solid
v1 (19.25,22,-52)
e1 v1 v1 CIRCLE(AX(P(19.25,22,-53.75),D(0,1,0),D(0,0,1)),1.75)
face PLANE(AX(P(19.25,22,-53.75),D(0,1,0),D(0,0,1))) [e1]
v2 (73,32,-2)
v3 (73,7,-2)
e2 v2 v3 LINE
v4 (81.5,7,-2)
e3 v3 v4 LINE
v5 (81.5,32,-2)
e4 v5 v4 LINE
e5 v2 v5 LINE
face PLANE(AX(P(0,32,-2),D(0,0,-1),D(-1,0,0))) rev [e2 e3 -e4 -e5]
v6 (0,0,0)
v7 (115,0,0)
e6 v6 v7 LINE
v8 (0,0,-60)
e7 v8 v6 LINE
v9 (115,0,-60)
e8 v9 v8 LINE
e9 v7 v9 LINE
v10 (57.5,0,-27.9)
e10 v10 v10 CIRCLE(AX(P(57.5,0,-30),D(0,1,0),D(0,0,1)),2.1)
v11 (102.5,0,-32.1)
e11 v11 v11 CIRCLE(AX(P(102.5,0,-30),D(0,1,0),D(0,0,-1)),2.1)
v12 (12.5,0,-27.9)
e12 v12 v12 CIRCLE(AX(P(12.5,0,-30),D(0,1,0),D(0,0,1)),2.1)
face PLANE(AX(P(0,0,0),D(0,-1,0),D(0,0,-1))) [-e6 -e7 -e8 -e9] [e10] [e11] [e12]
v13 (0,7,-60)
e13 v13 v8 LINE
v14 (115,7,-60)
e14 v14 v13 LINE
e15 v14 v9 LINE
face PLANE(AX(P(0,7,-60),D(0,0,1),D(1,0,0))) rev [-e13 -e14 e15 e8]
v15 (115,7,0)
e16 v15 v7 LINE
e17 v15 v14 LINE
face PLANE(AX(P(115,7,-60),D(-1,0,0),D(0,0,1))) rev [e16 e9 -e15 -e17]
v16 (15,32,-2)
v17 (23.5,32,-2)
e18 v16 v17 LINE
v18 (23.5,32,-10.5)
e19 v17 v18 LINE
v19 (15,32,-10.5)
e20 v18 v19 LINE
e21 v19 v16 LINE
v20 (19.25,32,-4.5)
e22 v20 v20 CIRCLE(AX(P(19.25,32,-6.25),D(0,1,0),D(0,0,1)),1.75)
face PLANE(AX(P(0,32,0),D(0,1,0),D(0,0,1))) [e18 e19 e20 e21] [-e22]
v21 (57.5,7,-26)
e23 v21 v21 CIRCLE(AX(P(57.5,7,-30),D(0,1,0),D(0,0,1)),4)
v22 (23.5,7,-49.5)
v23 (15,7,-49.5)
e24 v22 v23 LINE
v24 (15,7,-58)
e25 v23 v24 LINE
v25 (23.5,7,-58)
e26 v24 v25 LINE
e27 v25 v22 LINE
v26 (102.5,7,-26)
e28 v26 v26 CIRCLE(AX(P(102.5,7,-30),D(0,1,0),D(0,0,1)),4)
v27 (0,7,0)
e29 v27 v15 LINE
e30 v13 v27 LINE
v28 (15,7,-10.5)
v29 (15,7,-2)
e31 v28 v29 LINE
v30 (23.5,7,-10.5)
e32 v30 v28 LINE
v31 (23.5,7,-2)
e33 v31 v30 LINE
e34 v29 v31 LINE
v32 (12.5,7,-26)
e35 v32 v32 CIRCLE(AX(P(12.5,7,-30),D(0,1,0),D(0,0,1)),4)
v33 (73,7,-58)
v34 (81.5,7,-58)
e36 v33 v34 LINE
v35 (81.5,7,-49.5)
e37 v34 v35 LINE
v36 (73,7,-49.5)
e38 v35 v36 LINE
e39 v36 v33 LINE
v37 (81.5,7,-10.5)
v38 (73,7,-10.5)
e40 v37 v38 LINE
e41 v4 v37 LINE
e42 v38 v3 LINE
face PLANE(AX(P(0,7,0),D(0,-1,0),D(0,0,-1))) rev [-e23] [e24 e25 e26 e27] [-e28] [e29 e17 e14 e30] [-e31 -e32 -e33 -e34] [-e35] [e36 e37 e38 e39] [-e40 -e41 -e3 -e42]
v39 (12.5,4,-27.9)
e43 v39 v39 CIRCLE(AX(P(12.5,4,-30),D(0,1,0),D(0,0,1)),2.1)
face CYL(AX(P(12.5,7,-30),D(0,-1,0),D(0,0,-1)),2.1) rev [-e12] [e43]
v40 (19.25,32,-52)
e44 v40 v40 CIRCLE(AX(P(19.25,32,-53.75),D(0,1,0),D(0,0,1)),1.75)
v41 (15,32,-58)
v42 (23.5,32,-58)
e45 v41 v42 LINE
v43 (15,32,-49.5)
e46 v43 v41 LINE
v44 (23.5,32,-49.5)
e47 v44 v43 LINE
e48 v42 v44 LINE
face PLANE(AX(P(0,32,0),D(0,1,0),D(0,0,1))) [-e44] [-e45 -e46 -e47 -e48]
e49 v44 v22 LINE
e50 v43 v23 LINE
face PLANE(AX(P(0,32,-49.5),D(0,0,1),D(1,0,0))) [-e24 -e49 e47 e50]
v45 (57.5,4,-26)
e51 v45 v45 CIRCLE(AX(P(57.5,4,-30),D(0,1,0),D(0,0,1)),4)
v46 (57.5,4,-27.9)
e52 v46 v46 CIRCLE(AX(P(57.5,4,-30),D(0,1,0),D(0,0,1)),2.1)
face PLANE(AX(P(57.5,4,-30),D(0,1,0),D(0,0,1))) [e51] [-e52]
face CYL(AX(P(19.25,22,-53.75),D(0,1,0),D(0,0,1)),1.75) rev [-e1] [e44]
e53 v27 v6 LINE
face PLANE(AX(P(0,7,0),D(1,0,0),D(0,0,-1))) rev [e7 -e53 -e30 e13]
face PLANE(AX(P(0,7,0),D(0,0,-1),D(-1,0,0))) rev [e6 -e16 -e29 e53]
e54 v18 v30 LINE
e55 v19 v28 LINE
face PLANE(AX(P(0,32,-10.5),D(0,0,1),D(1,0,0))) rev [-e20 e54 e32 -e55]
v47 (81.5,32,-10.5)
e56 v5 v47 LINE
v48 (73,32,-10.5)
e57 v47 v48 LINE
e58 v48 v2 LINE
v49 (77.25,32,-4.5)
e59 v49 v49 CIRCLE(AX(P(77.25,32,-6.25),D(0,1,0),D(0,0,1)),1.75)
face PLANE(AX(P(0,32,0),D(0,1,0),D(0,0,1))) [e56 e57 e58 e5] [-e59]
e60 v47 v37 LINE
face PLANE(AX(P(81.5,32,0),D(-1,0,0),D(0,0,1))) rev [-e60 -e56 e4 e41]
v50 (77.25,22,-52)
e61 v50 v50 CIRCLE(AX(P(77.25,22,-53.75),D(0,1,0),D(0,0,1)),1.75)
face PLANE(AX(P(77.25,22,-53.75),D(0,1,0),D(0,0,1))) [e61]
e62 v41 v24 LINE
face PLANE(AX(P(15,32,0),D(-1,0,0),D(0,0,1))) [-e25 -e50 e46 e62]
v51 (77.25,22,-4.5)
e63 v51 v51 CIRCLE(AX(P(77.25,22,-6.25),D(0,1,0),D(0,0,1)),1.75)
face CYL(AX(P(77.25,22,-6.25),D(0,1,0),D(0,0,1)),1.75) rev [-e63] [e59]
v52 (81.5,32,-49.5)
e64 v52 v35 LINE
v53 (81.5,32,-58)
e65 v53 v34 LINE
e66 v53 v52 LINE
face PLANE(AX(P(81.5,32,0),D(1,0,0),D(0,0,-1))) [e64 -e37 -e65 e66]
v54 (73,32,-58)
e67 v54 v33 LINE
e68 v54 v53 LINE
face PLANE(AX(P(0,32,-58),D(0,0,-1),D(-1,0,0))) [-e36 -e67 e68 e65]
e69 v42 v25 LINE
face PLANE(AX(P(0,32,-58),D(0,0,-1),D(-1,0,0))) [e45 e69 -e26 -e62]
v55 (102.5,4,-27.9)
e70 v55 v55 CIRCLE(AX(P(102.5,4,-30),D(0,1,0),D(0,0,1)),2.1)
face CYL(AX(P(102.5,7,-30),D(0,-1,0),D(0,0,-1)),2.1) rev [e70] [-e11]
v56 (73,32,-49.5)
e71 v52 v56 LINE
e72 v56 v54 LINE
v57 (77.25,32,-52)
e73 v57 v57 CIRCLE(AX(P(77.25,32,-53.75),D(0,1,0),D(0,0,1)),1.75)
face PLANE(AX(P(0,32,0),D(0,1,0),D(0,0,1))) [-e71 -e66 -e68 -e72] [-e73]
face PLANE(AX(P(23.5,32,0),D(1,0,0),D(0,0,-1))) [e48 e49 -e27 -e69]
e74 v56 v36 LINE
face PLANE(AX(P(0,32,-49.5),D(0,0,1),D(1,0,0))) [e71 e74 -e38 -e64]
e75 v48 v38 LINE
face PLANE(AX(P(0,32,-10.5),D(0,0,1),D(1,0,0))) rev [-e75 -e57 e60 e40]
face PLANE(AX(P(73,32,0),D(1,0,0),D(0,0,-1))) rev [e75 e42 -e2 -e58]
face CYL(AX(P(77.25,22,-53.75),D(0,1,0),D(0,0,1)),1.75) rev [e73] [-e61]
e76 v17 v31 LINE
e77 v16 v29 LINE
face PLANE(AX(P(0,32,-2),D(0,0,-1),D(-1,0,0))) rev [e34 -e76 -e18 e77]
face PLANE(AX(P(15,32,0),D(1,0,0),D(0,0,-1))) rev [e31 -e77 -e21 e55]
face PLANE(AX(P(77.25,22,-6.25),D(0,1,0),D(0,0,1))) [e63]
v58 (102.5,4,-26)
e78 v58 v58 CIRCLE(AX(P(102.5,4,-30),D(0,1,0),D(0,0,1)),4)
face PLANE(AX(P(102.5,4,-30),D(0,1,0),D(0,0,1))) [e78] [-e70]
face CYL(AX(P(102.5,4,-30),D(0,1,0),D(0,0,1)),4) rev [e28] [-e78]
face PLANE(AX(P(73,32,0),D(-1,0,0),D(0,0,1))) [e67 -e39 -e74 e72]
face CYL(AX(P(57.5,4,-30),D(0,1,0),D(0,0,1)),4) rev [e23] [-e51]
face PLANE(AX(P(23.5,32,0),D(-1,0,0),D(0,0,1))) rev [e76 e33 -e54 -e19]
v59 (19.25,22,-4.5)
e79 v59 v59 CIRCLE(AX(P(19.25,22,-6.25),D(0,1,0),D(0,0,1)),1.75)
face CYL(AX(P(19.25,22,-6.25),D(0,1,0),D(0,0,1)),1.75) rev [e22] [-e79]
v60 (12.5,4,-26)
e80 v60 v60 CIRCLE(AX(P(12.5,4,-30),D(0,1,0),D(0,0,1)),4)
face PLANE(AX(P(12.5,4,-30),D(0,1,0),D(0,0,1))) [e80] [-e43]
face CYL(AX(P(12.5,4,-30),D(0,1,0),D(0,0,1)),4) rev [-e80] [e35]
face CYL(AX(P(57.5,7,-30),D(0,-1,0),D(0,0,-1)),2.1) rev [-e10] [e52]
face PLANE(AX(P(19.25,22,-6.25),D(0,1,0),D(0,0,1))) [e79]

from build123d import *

# Parameters (mm, degrees)
SKETCH1_W           = 115
SKETCH1_H           = 60
SKETCH1_R           = 2.1
BOSS_EXTRUDE2_DEPTH = 7
SKETCH2_R           = 4
CUT_EXTRUDE1_DEPTH  = 3
SKETCH5_W           = 8.5
SKETCH5_H           = 8.5
BOSS_EXTRUDE3_DEPTH = 25
SKETCH6_R           = 1.75
CUT_EXTRUDE2_DEPTH  = 10


with BuildPart() as part:
    # Sketch1 → Boss-Extrude2 (new body)
    with BuildSketch(Plane(origin=(0, 0, 0), x_dir=(1, 0, 0), z_dir=(0, 1, 0))):
        with Locations((57.5, 30)):
            Rectangle(SKETCH1_W, SKETCH1_H)
        with Locations(Location((57.5, 30, 0), (0, 0, 270))):
            Circle(SKETCH1_R, mode=Mode.SUBTRACT)
        with Locations(Location((12.5, 30, 0), (0, 0, 270))):
            Circle(SKETCH1_R, mode=Mode.SUBTRACT)
        with Locations(Location((102.5, 30, 0), (0, 0, 90))):
            Circle(SKETCH1_R, mode=Mode.SUBTRACT)
    extrude(amount=BOSS_EXTRUDE2_DEPTH)

    # Sketch2 → Cut-Extrude1 (cut)
    with BuildSketch(Plane(origin=(0, 7, 0), x_dir=(1, 0, 0), z_dir=(0, 1, 0))):
        with Locations(Location((12.5, 30, 0), (0, 0, 270))):
            Circle(SKETCH2_R)
        with Locations(Location((57.5, 30, 0), (0, 0, 270))):
            Circle(SKETCH2_R)
        with Locations(Location((102.5, 30, 0), (0, 0, 270))):
            Circle(SKETCH2_R)
    extrude(amount=-CUT_EXTRUDE1_DEPTH, mode=Mode.SUBTRACT)

    # Sketch5 → Boss-Extrude3 (add)
    with BuildSketch(Plane(origin=(0, 7, 0), x_dir=(1, 0, 0), z_dir=(0, 1, 0))):
        with Locations((19.25, 53.75)):
            Rectangle(SKETCH5_W, SKETCH5_H)
        with Locations((19.25, 6.25)):
            Rectangle(SKETCH5_W, SKETCH5_H)
        Polygon((73, 58), (77.25, 58), (81.5, 58), (81.5, 49.5), (73, 49.5), align=None)
        Polygon((73, 10.5), (73, 2), (77.25, 2), (81.5, 2), (81.5, 10.5), align=None)
    extrude(amount=BOSS_EXTRUDE3_DEPTH)

    # Sketch6 → Cut-Extrude2 (cut)
    with BuildSketch(Plane(origin=(0, 32, 0), x_dir=(1, 0, 0), z_dir=(0, 1, 0))):
        with Locations(Location((19.25, 53.75, 0), (0, 0, 270))):
            Circle(SKETCH6_R)
        with Locations(Location((77.25, 53.75, 0), (0, 0, 270))):
            Circle(SKETCH6_R)
        with Locations(Location((19.25, 6.25, 0), (0, 0, 270))):
            Circle(SKETCH6_R)
        with Locations(Location((77.25, 6.25, 0), (0, 0, 270))):
            Circle(SKETCH6_R)
    extrude(amount=-CUT_EXTRUDE2_DEPTH, mode=Mode.SUBTRACT)


solid = part.part
